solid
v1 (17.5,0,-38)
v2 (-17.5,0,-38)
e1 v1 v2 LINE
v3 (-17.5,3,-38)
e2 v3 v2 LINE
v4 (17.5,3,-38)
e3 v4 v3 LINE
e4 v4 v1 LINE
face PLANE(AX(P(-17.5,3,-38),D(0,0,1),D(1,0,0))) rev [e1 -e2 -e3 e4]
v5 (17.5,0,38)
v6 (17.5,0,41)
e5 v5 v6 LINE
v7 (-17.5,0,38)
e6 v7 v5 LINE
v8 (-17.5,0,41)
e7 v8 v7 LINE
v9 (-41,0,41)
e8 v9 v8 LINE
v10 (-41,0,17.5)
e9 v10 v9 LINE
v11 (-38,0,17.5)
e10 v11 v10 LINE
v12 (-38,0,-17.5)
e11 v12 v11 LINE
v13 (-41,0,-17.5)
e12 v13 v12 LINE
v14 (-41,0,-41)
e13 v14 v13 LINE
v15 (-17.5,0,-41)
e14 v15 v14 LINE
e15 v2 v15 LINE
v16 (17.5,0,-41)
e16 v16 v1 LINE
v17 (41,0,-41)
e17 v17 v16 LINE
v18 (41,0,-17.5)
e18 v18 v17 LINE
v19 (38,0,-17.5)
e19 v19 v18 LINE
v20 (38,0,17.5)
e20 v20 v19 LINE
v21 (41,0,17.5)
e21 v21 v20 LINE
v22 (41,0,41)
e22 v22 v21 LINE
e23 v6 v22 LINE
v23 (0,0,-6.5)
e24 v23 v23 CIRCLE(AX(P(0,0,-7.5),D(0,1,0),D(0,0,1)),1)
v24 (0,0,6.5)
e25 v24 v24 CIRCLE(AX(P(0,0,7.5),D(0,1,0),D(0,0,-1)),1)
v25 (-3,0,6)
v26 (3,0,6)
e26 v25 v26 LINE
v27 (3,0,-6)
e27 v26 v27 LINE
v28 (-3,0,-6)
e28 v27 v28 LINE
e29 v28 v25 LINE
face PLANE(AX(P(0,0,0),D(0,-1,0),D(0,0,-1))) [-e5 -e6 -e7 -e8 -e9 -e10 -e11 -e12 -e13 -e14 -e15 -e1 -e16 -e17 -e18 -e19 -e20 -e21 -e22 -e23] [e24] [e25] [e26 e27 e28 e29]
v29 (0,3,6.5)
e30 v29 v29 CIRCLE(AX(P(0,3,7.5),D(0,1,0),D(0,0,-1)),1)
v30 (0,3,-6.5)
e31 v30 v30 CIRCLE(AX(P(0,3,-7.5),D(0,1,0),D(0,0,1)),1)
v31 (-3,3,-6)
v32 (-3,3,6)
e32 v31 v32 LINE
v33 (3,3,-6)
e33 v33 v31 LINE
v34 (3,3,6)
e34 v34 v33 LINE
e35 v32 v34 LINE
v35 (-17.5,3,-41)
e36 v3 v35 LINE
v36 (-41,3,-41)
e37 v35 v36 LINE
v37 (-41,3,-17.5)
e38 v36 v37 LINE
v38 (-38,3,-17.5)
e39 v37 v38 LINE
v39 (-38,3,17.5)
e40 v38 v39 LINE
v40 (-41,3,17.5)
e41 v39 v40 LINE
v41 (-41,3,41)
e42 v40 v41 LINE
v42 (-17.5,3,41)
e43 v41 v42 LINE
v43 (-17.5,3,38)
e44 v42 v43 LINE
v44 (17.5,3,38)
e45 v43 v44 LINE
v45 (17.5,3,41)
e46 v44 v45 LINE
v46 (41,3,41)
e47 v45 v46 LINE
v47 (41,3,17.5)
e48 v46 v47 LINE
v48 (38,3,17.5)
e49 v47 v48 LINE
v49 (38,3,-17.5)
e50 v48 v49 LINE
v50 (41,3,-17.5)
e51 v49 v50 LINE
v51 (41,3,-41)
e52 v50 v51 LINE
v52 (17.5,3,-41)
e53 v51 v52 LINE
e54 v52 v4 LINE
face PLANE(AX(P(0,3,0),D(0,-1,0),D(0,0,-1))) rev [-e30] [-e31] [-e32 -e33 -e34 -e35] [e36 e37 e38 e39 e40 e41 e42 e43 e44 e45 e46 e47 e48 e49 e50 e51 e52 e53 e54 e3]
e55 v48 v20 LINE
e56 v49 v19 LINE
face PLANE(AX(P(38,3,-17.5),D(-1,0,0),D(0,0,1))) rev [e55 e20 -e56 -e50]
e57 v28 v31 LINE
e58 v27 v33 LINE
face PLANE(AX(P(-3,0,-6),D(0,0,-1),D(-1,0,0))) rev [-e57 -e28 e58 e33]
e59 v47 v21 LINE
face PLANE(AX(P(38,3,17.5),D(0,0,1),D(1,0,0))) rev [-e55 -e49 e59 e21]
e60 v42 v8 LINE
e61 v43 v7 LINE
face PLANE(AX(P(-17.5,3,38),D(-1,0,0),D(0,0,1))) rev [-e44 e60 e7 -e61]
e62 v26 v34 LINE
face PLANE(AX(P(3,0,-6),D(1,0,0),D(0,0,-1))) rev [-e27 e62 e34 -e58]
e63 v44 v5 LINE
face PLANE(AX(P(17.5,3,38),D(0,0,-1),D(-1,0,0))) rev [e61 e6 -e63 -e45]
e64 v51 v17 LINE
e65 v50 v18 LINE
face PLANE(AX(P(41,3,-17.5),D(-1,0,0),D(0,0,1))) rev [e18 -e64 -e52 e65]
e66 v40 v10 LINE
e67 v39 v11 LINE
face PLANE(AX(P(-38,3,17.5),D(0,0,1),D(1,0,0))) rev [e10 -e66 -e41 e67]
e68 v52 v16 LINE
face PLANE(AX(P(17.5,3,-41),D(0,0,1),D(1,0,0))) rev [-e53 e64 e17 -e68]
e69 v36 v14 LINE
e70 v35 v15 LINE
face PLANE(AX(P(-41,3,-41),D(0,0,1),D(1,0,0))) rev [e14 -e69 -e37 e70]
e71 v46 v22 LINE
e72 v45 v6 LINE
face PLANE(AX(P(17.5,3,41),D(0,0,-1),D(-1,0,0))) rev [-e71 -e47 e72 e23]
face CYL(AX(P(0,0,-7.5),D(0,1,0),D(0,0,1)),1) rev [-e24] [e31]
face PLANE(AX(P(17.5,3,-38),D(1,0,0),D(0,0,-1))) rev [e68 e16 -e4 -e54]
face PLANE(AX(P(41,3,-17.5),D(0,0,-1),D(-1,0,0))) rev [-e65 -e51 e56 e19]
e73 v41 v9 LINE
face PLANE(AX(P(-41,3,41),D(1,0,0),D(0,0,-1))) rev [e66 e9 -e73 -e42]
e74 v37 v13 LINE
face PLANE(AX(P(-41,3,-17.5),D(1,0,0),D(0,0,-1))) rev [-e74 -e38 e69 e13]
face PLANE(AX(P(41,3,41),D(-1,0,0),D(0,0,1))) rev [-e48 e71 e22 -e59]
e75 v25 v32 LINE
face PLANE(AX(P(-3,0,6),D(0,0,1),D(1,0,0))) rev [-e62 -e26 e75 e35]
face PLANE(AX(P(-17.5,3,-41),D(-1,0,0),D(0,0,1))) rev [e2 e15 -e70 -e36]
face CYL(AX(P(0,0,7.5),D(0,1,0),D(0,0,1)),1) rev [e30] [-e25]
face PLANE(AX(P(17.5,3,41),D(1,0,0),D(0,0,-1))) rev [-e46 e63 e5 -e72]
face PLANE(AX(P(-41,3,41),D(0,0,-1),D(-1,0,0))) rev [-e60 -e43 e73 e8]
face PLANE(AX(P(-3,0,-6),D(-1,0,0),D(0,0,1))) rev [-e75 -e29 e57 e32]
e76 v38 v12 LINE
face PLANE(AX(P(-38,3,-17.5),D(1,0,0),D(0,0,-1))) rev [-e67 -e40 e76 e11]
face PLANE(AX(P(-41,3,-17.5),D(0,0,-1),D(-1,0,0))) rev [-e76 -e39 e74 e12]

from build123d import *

# Parameters (mm, degrees)
BOSS_EXTRUDE1_DEPTH = 3
SKETCH2_R           = 1
SKETCH2_W           = 6
SKETCH2_H           = 12
CUT_EXTRUDE1_DEPTH  = 3


with BuildPart() as part:
    # Sketch1 → Boss-Extrude1 (new body)
    with BuildSketch(Plane(origin=(0, 0, 0), x_dir=(1, 0, 0), z_dir=(0, 1, 0))):
        Polygon((-41, -41), (-17.5, -41), (-17.5, -38), (17.5, -38), (17.5, -41), (41, -41), (41, -17.5), (38, -17.5), (38, 17.5), (41, 17.5), (41, 41), (17.5, 41), (17.5, 38), (-17.5, 38), (-17.5, 41), (-41, 41), (-41, 17.5), (-38, 17.5), (-38, -17.5), (-41, -17.5), align=None)
    extrude(amount=BOSS_EXTRUDE1_DEPTH)

    # Sketch2 → Cut-Extrude1 (cut)
    with BuildSketch(Plane(origin=(0, 3, 0), x_dir=(1, 0, 0), z_dir=(0, 1, 0))):
        with Locations((0, 7.5)):
            Circle(SKETCH2_R)
        with Locations((0, -7.5)):
            Circle(SKETCH2_R)
        Rectangle(SKETCH2_W, SKETCH2_H)
    extrude(amount=-CUT_EXTRUDE1_DEPTH, mode=Mode.SUBTRACT)


solid = part.part
